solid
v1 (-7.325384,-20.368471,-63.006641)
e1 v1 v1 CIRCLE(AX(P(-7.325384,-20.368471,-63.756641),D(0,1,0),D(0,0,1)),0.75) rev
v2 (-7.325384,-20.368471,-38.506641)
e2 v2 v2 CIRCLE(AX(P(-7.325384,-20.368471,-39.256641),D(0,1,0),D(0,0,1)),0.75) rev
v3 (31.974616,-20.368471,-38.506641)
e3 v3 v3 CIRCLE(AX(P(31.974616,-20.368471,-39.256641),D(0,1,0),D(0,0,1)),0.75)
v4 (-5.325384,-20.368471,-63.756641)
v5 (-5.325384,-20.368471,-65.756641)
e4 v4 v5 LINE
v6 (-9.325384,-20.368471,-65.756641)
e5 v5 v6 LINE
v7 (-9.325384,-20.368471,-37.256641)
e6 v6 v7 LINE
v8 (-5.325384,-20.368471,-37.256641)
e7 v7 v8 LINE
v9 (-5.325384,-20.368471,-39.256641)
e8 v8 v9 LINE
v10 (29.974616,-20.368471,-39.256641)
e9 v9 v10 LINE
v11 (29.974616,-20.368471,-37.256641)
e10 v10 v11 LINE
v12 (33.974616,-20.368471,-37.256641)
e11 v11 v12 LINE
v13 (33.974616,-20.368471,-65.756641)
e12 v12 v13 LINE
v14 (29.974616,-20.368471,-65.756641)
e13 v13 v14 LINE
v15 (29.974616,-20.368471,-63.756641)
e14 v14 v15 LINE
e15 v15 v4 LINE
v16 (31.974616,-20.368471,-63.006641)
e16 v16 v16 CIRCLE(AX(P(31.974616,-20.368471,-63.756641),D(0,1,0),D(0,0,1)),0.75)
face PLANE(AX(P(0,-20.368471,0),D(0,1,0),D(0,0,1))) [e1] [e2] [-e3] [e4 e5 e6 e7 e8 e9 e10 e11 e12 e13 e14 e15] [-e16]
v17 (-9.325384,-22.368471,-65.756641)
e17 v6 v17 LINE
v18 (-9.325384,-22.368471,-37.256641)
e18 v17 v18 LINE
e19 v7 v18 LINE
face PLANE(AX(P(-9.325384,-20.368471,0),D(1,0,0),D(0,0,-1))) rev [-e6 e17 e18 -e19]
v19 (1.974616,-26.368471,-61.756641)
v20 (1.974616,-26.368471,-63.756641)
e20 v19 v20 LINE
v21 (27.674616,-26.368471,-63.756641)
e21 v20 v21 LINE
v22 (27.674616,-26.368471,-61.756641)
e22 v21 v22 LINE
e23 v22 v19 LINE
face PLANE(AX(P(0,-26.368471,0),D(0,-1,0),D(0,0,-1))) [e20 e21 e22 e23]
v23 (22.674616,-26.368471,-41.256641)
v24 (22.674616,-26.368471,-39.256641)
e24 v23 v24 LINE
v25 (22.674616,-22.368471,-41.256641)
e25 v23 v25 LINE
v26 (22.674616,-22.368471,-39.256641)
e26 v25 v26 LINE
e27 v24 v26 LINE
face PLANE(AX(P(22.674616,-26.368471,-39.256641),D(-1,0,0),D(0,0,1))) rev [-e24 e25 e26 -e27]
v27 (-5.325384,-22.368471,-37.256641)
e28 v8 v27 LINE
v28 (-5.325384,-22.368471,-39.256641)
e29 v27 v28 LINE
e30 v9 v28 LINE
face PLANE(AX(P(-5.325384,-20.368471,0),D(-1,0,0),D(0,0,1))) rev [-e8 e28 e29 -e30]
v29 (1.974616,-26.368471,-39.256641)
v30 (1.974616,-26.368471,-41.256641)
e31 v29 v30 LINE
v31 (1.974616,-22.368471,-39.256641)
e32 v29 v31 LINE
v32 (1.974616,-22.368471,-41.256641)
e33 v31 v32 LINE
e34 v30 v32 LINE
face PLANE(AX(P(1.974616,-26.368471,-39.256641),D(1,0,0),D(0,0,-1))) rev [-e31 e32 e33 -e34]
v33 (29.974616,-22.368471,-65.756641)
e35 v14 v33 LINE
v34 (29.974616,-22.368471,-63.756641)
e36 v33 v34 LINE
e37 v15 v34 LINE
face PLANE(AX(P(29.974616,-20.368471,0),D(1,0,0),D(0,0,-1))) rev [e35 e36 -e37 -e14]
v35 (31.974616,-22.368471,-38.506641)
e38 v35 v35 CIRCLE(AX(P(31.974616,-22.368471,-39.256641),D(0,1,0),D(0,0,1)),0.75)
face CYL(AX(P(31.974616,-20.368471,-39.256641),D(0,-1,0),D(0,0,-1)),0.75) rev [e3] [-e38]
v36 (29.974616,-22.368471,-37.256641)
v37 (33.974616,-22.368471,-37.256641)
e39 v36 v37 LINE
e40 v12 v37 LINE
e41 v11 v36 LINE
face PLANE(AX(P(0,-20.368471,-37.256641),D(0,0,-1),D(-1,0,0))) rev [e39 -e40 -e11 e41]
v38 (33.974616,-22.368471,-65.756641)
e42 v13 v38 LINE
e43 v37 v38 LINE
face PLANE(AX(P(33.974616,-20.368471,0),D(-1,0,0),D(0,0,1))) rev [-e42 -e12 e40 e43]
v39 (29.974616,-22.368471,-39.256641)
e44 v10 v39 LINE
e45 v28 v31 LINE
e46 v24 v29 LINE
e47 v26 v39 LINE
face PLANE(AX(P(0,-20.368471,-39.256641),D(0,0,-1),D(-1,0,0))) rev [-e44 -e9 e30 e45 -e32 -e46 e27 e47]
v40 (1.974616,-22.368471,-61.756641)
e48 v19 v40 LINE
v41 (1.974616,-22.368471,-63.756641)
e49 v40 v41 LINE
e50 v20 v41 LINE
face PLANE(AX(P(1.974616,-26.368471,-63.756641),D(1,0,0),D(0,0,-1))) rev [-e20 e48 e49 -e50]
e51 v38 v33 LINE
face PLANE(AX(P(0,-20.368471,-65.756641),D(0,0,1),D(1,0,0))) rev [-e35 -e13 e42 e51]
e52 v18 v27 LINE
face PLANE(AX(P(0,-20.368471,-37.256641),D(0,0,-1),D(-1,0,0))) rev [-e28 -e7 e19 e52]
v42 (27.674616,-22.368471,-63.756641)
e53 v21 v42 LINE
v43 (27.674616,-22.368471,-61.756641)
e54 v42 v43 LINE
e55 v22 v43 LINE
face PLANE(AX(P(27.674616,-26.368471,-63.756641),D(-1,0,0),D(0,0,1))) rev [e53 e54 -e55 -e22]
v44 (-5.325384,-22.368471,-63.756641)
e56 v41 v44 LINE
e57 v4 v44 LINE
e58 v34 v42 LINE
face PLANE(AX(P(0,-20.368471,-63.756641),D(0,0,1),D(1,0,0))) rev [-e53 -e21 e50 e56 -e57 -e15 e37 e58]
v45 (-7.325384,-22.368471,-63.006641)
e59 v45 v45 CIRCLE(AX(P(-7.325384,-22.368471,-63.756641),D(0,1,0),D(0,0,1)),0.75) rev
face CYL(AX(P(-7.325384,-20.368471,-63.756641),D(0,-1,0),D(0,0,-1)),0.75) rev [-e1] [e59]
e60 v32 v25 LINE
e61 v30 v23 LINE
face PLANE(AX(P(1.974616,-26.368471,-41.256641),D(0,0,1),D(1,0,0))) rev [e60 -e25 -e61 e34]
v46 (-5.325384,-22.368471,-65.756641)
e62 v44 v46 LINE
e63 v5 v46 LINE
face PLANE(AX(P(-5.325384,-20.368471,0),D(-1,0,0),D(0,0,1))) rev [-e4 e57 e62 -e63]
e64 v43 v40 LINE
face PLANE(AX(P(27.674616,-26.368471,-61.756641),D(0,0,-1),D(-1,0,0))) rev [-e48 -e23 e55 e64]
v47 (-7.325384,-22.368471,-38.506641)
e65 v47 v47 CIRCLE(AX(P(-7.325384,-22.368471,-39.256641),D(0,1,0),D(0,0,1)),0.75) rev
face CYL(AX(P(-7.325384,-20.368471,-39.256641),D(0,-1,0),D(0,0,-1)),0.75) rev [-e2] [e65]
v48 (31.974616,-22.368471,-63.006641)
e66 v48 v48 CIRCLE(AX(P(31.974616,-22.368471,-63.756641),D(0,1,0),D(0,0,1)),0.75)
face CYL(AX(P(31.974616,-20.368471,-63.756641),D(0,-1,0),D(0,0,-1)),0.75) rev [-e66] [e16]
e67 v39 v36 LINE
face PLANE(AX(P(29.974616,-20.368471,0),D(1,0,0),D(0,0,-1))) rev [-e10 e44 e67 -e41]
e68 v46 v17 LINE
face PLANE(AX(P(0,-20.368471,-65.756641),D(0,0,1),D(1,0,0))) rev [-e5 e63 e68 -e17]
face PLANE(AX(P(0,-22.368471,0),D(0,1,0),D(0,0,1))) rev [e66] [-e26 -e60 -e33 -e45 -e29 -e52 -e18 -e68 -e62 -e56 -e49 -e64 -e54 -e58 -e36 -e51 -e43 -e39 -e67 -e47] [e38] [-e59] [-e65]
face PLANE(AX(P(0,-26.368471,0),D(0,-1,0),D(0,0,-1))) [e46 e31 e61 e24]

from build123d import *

# Parameters (mm, degrees)
SKETCH1_R           = 0.75
BOSS_EXTRUDE1_DEPTH = 2
SKETCH2_W           = 20.7
SKETCH2_H           = 2
SKETCH2_W_2         = 25.7
BOSS_EXTRUDE2_DEPTH = 4


with BuildPart() as part:
    # Sketch1 → Boss-Extrude1 (new body)
    # profile 1 of 3: a face of its own
    with BuildSketch(Plane(origin=(0, -22.368471217, 0), x_dir=(1, 0, 0), z_dir=(0, 1, 0))):
        Polygon((-7.325383597, 61.756641018), (1.674616403, 61.756641018), (1.674616403, 63.756641018), (-5.325383597, 63.756641018), (-5.325383597, 65.756641018), (-9.325383597, 65.756641018), (-9.325383597, 37.256641018), (-5.325383597, 37.256641018), (-5.325383597, 39.256641018), (1.674616403, 39.256641018), (1.674616403, 41.256641018), (-7.325383597, 41.256641018), align=None)
        with Locations(Location((-7.325383597, 63.756641018, 0), (0, 0, 270))):
            Circle(SKETCH1_R, mode=Mode.SUBTRACT)
        with Locations(Location((-7.325383597, 39.256641018, 0), (0, 0, 270))):
            Circle(SKETCH1_R, mode=Mode.SUBTRACT)
    # profile 2 of 3: a face of its own
    with BuildSketch(Plane(origin=(0, -22.368471217, 0), x_dir=(1, 0, 0), z_dir=(0, 1, 0))):
        Polygon((1.674616403, 39.256641018), (22.974616403, 39.256641018), (22.974616403, 41.256641018), (31.974616403, 41.256641018), (31.974616403, 61.756641018), (27.974616403, 61.756641018), (27.974616403, 63.756641018), (1.674616403, 63.756641018), (1.674616403, 61.756641018), (-7.325383597, 61.756641018), (-7.325383597, 41.256641018), (1.674616403, 41.256641018), align=None)
    # profile 3 of 3: a face of its own
    with BuildSketch(Plane(origin=(0, -22.368471217, 0), x_dir=(1, 0, 0), z_dir=(0, 1, 0))):
        Polygon((29.974616403, 65.756641018), (29.974616403, 63.756641018), (27.974616403, 63.756641018), (27.974616403, 61.756641018), (31.974616403, 61.756641018), (31.974616403, 41.256641018), (22.974616403, 41.256641018), (22.974616403, 39.256641018), (29.974616403, 39.256641018), (29.974616403, 37.256641018), (33.974616403, 37.256641018), (33.974616403, 65.756641018), align=None)
        with Locations(Location((31.974616403, 39.256641018, 0), (0, 0, 270))):
            Circle(SKETCH1_R, mode=Mode.SUBTRACT)
        with Locations(Location((31.974616403, 63.756641018, 0), (0, 0, 270))):
            Circle(SKETCH1_R, mode=Mode.SUBTRACT)
    extrude(amount=BOSS_EXTRUDE1_DEPTH)

    # Sketch2 → Boss-Extrude2 (add)
    with BuildSketch(Plane.XZ.offset(22.368471217)):
        with Locations((12.324616403, -40.256641018)):
            Rectangle(SKETCH2_W, SKETCH2_H)
        with Locations((14.824616403, -62.756641018)):
            Rectangle(SKETCH2_W_2, SKETCH2_H)
    extrude(amount=BOSS_EXTRUDE2_DEPTH)


solid = part.part
